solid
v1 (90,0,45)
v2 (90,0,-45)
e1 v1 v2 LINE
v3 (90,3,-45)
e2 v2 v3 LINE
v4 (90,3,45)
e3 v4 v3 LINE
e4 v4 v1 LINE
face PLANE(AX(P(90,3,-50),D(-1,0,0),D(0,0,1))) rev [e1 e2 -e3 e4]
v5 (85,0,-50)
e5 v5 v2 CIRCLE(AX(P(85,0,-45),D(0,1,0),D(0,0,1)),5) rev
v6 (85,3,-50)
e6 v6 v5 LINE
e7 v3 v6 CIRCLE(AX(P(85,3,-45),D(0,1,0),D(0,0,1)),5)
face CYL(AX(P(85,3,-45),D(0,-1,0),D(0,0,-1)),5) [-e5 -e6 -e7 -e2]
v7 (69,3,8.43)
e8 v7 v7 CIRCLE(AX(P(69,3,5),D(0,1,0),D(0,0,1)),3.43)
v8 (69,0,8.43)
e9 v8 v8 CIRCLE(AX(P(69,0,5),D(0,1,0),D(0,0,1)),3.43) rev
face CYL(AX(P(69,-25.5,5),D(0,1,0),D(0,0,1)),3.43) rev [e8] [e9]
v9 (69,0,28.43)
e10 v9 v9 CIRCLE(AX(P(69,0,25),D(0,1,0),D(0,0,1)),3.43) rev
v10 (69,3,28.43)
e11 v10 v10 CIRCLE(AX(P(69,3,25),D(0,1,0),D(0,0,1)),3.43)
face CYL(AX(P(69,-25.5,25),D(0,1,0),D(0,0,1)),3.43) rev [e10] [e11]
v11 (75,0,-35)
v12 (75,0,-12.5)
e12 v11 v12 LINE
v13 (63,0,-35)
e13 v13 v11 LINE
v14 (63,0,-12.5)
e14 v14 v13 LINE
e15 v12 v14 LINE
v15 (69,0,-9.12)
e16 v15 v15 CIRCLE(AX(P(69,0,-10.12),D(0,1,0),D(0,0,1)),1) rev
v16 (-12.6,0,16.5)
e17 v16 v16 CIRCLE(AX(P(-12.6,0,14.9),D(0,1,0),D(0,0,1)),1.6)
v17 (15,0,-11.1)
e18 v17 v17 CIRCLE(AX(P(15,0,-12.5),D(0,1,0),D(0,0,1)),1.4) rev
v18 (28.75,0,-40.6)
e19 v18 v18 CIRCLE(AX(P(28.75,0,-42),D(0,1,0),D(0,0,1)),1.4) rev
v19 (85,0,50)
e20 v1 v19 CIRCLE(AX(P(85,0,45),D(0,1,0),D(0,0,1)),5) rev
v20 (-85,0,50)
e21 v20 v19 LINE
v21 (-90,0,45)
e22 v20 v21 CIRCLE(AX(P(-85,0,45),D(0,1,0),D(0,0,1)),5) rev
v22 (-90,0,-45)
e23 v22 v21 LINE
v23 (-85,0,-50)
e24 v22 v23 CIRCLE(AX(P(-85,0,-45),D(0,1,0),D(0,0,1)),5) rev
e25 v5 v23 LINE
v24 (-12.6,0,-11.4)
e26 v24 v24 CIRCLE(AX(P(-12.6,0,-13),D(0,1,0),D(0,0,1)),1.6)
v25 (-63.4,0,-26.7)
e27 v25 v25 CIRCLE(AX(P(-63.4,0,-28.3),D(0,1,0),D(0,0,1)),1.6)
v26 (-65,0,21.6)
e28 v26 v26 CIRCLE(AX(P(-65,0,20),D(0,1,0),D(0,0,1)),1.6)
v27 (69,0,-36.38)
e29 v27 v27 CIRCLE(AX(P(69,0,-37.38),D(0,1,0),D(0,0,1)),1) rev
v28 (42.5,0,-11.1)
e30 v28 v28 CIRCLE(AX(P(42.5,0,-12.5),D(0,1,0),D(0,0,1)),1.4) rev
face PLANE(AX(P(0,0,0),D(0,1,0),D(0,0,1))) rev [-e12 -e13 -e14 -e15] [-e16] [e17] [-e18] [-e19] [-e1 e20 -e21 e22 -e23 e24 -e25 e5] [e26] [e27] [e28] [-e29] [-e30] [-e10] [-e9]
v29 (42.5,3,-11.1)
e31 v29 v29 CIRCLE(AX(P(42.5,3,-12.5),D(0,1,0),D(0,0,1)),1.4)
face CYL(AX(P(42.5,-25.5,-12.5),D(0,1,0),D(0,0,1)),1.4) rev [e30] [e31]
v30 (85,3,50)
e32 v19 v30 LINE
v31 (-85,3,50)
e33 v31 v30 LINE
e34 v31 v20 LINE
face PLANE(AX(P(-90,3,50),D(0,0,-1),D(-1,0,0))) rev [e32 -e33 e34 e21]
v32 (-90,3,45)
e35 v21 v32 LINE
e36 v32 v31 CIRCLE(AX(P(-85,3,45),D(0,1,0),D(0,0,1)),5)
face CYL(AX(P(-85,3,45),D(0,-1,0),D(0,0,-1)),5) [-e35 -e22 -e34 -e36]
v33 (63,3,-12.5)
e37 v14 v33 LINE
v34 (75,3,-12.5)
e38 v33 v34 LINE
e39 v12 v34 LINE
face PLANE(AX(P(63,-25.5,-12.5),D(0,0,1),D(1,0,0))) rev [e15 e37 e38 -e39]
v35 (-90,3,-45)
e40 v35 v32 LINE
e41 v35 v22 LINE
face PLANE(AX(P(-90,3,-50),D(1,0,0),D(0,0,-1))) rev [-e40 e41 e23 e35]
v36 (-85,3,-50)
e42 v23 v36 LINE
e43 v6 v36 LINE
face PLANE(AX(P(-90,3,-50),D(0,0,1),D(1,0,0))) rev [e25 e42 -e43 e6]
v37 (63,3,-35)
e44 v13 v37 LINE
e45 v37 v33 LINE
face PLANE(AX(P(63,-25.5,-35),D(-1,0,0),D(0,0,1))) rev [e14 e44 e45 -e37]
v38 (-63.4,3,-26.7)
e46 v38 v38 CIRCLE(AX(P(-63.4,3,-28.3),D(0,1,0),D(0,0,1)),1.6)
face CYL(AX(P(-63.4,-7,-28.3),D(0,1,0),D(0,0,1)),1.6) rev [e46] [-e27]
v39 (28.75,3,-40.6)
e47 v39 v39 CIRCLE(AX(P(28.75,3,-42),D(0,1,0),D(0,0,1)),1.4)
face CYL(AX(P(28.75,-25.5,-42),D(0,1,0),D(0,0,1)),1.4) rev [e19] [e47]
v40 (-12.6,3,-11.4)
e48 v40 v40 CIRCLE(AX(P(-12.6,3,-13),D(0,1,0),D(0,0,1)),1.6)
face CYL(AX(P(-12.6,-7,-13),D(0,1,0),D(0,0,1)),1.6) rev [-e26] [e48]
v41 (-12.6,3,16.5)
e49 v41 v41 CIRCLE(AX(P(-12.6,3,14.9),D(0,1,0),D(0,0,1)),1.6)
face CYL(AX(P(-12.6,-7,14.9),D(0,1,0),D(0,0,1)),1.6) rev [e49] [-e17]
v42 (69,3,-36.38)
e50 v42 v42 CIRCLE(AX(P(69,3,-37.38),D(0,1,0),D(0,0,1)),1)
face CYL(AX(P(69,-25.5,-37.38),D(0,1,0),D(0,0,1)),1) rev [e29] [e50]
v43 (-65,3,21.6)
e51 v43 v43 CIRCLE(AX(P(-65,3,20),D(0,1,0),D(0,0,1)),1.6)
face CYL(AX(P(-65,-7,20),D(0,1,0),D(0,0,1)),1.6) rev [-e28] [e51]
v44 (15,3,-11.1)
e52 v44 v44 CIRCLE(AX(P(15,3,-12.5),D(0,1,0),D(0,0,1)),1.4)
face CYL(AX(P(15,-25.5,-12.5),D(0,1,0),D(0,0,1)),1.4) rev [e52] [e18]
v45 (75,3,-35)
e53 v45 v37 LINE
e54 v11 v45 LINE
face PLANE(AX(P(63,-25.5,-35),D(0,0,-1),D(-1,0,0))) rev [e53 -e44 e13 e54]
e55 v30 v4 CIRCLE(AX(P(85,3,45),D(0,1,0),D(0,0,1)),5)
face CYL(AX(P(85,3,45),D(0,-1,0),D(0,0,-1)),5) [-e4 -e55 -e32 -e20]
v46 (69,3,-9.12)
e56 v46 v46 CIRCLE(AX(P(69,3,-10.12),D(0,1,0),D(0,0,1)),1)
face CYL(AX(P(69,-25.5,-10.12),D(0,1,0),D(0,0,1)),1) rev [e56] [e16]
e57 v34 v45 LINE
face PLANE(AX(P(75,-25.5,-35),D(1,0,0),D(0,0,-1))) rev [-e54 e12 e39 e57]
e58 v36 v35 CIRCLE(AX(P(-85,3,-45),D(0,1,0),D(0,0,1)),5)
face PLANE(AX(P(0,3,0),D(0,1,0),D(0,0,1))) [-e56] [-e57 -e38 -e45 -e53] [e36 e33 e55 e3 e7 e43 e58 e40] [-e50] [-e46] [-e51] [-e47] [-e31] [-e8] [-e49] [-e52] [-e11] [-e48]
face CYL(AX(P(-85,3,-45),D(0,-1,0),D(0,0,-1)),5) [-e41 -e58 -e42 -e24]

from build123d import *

# Parameters (mm, degrees)
SKETCH1_W           = 180
SKETCH1_H           = 100
BOSS_EXTRUDE1_DEPTH = 3
SKETCH2_R           = 1.6
CUT_EXTRUDE1_DEPTH  = 10
FILLET1_R           = 5
SKETCH3_R           = 1
SKETCH3_R_2         = 3.43
SKETCH3_R_3         = 1.4
SKETCH3_W           = 12
SKETCH3_H           = 22.5
CUT_EXTRUDE2_DEPTH  = 3


with BuildPart() as part:
    # Sketch1 → Boss-Extrude1 (new body)
    with BuildSketch(Plane(origin=(0, 0, 0), x_dir=(1, 0, 0), z_dir=(0, 1, 0))):
        Rectangle(SKETCH1_W, SKETCH1_H)
    extrude(amount=BOSS_EXTRUDE1_DEPTH)

    # Sketch2 → Cut-Extrude1 (cut)
    with BuildSketch(Plane(origin=(0, 3, 0), x_dir=(1, 0, 0), z_dir=(0, 1, 0))):
        with Locations(Location((-65, -20, 0), (0, 0, 270))):
            Circle(SKETCH2_R)
        with Locations(Location((-63.4, 28.3, 0), (0, 0, 270))):
            Circle(SKETCH2_R)
        with Locations(Location((-12.6, 13, 0), (0, 0, 270))):
            Circle(SKETCH2_R)
        with Locations(Location((-12.6, -14.9, 0), (0, 0, 270))):
            Circle(SKETCH2_R)
    extrude(amount=-CUT_EXTRUDE1_DEPTH, mode=Mode.SUBTRACT)

    # Fillet1
    fillet1_edges = [part.edges().sort_by_distance(p)[0] for p in [
        (90, 1.5, 50),
        (-90, 1.5, 50),
        (-90, 1.5, -50),
        (90, 1.5, -50),
    ]]
    fillet(fillet1_edges, radius=FILLET1_R)

    # Sketch3 → Cut-Extrude2 (cut)
    with BuildSketch(Plane(origin=(0, 3, 0), x_dir=(1, 0, 0), z_dir=(0, 1, 0))):
        with Locations(Location((69, 10.12, 0), (0, 0, 270))):
            Circle(SKETCH3_R)
        with Locations(Location((69, 37.38, 0), (0, 0, 270))):
            Circle(SKETCH3_R)
        with Locations(Location((69, -25, 0), (0, 0, 270))):
            Circle(SKETCH3_R_2)
        with Locations(Location((69, -5, 0), (0, 0, 270))):
            Circle(SKETCH3_R_2)
        with Locations(Location((42.5, 12.5, 0), (0, 0, 270))):
            Circle(SKETCH3_R_3)
        with Locations(Location((15, 12.5, 0), (0, 0, 270))):
            Circle(SKETCH3_R_3)
        with Locations(Location((28.75, 42, 0), (0, 0, 270))):
            Circle(SKETCH3_R_3)
        with Locations((69, 23.75)):
            Rectangle(SKETCH3_W, SKETCH3_H)
    extrude(amount=-CUT_EXTRUDE2_DEPTH, mode=Mode.SUBTRACT)


solid = part.part
